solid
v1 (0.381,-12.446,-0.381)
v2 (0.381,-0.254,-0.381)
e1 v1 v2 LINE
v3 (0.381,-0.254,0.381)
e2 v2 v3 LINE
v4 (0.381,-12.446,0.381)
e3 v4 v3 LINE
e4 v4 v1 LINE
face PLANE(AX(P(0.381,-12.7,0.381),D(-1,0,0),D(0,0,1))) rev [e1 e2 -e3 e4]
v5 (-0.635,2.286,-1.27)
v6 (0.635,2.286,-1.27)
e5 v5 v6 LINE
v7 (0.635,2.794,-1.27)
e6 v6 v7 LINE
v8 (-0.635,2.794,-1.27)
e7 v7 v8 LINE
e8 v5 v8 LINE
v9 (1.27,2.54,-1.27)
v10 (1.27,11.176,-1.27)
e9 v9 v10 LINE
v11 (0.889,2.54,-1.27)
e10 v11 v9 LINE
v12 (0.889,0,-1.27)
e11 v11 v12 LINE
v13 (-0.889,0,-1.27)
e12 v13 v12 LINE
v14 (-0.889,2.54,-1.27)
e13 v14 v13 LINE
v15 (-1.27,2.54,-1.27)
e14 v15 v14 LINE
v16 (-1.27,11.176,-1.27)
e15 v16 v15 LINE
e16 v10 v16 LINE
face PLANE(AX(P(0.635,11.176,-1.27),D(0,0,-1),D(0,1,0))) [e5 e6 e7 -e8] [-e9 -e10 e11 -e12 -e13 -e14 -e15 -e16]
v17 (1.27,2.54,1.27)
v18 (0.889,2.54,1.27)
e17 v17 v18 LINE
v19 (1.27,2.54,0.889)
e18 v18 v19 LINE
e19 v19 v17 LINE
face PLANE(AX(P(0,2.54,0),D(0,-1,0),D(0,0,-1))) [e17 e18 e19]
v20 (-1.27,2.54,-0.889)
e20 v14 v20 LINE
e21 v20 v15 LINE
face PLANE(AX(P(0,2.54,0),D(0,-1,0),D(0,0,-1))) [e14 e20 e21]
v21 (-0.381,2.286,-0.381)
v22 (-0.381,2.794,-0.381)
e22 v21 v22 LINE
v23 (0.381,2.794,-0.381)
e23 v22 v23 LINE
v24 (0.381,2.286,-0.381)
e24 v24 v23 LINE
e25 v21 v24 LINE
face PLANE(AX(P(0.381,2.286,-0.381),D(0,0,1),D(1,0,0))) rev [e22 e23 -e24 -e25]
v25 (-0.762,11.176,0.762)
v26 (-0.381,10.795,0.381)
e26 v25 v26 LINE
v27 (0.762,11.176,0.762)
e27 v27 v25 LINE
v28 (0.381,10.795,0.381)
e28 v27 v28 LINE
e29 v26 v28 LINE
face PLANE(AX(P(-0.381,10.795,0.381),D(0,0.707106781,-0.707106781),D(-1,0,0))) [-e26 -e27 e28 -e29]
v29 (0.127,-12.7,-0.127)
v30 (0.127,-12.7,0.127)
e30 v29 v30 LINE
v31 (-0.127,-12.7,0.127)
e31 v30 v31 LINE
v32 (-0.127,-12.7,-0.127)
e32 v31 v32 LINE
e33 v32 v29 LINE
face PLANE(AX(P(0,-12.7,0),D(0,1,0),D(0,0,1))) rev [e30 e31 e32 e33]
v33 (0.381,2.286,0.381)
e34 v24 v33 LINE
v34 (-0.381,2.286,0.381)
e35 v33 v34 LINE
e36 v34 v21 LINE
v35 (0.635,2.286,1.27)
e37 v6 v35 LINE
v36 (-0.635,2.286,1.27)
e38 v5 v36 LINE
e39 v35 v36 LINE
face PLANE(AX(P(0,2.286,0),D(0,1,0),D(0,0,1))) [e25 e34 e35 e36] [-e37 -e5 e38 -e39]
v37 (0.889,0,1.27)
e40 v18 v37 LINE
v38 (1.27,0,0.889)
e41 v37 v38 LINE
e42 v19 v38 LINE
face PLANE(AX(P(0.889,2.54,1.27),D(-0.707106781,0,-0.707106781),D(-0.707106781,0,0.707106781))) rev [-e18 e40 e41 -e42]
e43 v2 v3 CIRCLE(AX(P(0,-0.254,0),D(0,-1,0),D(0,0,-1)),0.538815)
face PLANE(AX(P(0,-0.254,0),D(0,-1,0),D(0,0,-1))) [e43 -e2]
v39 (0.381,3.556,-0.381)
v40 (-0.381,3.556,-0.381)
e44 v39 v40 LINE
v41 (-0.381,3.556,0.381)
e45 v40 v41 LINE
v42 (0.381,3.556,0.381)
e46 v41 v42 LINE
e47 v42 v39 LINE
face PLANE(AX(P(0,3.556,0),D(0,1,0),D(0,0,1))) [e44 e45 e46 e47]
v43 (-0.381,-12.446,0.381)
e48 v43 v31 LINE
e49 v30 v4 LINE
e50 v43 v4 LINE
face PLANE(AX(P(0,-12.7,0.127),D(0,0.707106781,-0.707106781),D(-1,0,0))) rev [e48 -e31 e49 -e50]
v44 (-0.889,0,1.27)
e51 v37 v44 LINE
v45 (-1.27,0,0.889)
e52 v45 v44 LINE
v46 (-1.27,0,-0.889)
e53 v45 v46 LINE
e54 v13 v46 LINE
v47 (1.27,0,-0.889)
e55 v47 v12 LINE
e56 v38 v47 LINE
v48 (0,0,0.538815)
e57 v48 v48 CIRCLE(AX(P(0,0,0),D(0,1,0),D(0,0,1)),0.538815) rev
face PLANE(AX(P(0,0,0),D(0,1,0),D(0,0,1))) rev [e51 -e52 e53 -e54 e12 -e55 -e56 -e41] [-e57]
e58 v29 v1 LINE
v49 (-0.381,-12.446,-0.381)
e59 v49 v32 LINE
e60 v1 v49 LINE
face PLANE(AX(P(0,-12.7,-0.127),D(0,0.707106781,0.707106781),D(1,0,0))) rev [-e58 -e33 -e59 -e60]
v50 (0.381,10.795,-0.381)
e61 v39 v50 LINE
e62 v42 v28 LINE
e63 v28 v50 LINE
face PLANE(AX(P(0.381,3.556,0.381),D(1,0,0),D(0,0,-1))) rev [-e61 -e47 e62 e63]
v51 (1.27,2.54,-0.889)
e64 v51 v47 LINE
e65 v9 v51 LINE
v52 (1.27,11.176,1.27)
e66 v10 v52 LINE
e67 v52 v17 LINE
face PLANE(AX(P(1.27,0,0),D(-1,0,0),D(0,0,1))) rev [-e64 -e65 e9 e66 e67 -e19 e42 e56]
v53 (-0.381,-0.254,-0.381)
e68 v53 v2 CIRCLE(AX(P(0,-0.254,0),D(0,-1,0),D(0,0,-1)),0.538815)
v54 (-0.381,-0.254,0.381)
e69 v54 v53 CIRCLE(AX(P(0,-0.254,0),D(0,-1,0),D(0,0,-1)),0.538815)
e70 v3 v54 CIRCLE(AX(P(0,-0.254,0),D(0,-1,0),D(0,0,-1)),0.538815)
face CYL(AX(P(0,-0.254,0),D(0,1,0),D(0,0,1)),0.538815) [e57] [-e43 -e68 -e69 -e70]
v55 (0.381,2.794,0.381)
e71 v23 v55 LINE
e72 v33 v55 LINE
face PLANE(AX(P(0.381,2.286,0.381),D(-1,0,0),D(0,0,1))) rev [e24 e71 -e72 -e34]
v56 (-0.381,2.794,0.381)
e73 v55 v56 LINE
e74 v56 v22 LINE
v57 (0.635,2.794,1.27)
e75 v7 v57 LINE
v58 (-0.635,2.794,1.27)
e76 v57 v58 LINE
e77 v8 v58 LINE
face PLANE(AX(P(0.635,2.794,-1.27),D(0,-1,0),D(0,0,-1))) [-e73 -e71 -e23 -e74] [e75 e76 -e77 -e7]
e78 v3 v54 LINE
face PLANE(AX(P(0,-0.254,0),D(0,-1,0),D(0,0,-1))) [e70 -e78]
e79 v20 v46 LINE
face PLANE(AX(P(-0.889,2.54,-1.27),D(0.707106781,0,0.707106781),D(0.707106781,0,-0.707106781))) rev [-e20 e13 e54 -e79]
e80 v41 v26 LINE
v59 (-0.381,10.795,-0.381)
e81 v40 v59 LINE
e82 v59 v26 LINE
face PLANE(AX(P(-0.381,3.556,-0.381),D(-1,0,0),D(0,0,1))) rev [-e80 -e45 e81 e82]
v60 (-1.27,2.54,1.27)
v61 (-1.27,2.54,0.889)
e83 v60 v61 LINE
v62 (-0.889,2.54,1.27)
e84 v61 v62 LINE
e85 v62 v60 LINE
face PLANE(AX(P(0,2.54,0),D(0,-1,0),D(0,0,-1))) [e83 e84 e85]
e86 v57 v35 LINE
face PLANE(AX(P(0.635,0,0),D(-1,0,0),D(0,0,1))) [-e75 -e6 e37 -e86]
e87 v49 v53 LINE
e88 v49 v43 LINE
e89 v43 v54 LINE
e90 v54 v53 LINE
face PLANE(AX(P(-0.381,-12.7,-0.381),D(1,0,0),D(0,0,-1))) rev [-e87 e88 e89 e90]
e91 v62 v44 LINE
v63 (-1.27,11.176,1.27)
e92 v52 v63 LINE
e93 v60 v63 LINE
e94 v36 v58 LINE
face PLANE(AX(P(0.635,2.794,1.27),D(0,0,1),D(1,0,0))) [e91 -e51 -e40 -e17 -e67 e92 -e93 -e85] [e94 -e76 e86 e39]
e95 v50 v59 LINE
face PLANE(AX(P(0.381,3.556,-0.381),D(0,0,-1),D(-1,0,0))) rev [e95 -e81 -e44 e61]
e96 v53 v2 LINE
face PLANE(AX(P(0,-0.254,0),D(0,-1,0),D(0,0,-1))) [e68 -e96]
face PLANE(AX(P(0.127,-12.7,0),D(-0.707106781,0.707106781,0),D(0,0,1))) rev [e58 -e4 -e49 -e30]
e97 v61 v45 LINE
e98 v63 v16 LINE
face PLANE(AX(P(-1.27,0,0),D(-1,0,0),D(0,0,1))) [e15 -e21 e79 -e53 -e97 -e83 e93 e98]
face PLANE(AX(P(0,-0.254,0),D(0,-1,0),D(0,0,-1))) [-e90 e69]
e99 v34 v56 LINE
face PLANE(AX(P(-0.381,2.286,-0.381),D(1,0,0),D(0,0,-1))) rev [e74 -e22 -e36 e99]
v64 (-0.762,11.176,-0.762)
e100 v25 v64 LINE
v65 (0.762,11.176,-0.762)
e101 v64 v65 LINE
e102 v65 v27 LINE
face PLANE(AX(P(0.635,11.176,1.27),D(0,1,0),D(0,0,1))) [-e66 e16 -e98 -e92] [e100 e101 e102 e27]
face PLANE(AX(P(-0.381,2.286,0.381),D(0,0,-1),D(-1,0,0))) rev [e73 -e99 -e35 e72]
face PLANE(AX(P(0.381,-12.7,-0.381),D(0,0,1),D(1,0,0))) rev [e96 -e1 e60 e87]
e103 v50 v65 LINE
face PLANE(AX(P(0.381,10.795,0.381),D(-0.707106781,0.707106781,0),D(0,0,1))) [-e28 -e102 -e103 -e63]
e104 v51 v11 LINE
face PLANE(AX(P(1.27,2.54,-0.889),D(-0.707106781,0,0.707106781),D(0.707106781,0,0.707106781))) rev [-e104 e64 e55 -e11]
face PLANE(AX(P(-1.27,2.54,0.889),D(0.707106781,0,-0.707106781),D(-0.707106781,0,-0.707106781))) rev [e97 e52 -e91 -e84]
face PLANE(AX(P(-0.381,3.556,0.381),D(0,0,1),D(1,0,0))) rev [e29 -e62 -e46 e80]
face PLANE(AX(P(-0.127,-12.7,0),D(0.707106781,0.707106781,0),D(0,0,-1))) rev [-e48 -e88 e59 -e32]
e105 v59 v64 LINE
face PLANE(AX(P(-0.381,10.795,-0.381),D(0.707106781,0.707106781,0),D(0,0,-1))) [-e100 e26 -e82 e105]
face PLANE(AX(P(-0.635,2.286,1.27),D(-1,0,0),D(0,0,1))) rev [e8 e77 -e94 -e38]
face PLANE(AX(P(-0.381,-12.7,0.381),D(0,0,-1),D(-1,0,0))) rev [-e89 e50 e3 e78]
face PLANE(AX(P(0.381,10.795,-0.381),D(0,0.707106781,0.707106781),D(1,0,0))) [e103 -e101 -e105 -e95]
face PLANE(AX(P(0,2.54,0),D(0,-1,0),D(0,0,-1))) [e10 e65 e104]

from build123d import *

# Parameters (mm, degrees)
ESQUISSE1_W             = 8.382
ESQUISSE1_H             = 2.54
BOSS_EXTRU_1_DEPTH      = 1.905
ESQUISSE2_W             = 0.635
ESQUISSE2_H             = 2.54
BOSS_EXTRU_2_DEPTH      = 0.508
ESQUISSE3_W             = 0.762
ESQUISSE3_H             = 0.762
BOSS_EXTRU_3_DEPTH      = 0.508
ESQUISSE4_W             = 1.905
ESQUISSE4_H             = 2.54
BOSS_EXTRU_4_DEPTH      = 2.286
ESQUISSE5_W             = 2.54
ESQUISSE5_H             = 11.176
BOSS_EXTRU_5_DEPTH      = 0.635
ESQUISSE6_R             = 0.538815367
BOSS_EXTRU_6_DEPTH      = 0.254
ESQUISSE7_W             = 0.762
ESQUISSE7_H             = 0.762
BOSS_EXTRU_7_DEPTH      = 12.446
ENL_V_MAT_EXTRU_1_DEPTH = 2.54
ENL_V_MAT_EXTRU_2_DEPTH = 2.54
ENL_V_MAT_EXTRU_3_DEPTH = 2.54
ENL_V_MAT_EXTRU_4_DEPTH = 2.54
ESQUISSE12_W            = 0.762
ESQUISSE12_H            = 0.762
ENL_V_MAT_EXTRU_5_DEPTH = 7.62
CHANFREIN1_SIZE         = 0.254
CHANFREIN2_SIZE         = 0.381


with BuildPart() as part:
    # Esquisse1 → Boss.-Extru.1 (new body)
    with BuildSketch(Plane(origin=(-1.27, 0, 0), x_dir=(0, -1, 0), z_dir=(-1, 0, 0))):
        with Locations((-6.985, 0)):
            Rectangle(ESQUISSE1_W, ESQUISSE1_H)
    extrude(amount=-BOSS_EXTRU_1_DEPTH)

    # Esquisse2 → Boss.-Extru.2 (add)
    with BuildSketch(Plane.XZ.offset(-2.794)):
        with Locations((-0.9525, 0)):
            Rectangle(ESQUISSE2_W, ESQUISSE2_H)
    extrude(amount=BOSS_EXTRU_2_DEPTH)

    # Esquisse3 → Boss.-Extru.3 (add)
    with BuildSketch(Plane.XZ.offset(-2.794)):
        Rectangle(ESQUISSE3_W, ESQUISSE3_H)
    extrude(amount=BOSS_EXTRU_3_DEPTH)

    # Esquisse4 → Boss.-Extru.4 (add)
    with BuildSketch(Plane.XZ.offset(-2.286)):
        with Locations((-0.3175, 0)):
            Rectangle(ESQUISSE4_W, ESQUISSE4_H)
    extrude(amount=BOSS_EXTRU_4_DEPTH)

    # Esquisse5 → Boss.-Extru.5 (add)
    with BuildSketch(Plane(origin=(0.635, 0, 0), x_dir=(0, 0, -1), z_dir=(1, 0, 0))):
        with Locations((0, 5.588)):
            Rectangle(ESQUISSE5_W, ESQUISSE5_H)
    extrude(amount=BOSS_EXTRU_5_DEPTH)

    # Esquisse6 → Boss.-Extru.6 (add)
    with BuildSketch(Plane.XZ):
        with Locations(Location((0, 0, 0), (0, 0, 90))):
            Circle(ESQUISSE6_R)
    extrude(amount=BOSS_EXTRU_6_DEPTH)

    # Esquisse7 → Boss.-Extru.7 (add)
    with BuildSketch(Plane.XZ.offset(0.254)):
        Rectangle(ESQUISSE7_W, ESQUISSE7_H)
    extrude(amount=BOSS_EXTRU_7_DEPTH)

    # Esquisse8 → Enlèv. mat.-Extru.1 (cut)
    with BuildSketch(Plane.XZ):
        Polygon((-1.27, 1.27), (-1.27, 0.889), (-0.889, 1.27), align=None)
    extrude(amount=-ENL_V_MAT_EXTRU_1_DEPTH, mode=Mode.SUBTRACT)

    # Esquisse9 → Enlèv. mat.-Extru.2 (cut)
    with BuildSketch(Plane.XZ):
        Polygon((-1.27, -1.27), (-0.889, -1.27), (-1.27, -0.889), align=None)
    extrude(amount=-ENL_V_MAT_EXTRU_2_DEPTH, mode=Mode.SUBTRACT)

    # Esquisse10 → Enlèv. mat.-Extru.3 (cut)
    with BuildSketch(Plane.XZ):
        Polygon((1.27, 1.27), (0.889, 1.27), (1.27, 0.889), align=None)
    extrude(amount=-ENL_V_MAT_EXTRU_3_DEPTH, mode=Mode.SUBTRACT)

    # Esquisse11 → Enlèv. mat.-Extru.4 (cut)
    with BuildSketch(Plane.XZ):
        Polygon((1.27, -1.27), (1.27, -0.889), (0.889, -1.27), align=None)
    extrude(amount=-ENL_V_MAT_EXTRU_4_DEPTH, mode=Mode.SUBTRACT)

    # Esquisse12 → Enlèv. mat.-Extru.5 (cut)
    with BuildSketch(Plane(origin=(0, 11.176, 0), x_dir=(-1, 0, 0), z_dir=(0, 1, 0))):
        Rectangle(ESQUISSE12_W, ESQUISSE12_H)
    extrude(amount=-ENL_V_MAT_EXTRU_5_DEPTH, mode=Mode.SUBTRACT)

    # Chanfrein1
    chanfrein1_edges = [part.edges().sort_by_distance(p)[0] for p in [
        (0.381, -12.7, 0),
        (0, -12.7, 0.381),
        (-0.381, -12.7, 0),
        (0, -12.7, -0.381),
    ]]
    chamfer(chanfrein1_edges, length=CHANFREIN1_SIZE)

    # Chanfrein2
    chanfrein2_edges = [part.edges().sort_by_distance(p)[0] for p in [
        (0, 11.176, 0.381),
        (0.381, 11.176, 0),
        (0, 11.176, -0.381),
        (-0.381, 11.176, 0),
    ]]
    chamfer(chanfrein2_edges, length=CHANFREIN2_SIZE)


solid = part.part
